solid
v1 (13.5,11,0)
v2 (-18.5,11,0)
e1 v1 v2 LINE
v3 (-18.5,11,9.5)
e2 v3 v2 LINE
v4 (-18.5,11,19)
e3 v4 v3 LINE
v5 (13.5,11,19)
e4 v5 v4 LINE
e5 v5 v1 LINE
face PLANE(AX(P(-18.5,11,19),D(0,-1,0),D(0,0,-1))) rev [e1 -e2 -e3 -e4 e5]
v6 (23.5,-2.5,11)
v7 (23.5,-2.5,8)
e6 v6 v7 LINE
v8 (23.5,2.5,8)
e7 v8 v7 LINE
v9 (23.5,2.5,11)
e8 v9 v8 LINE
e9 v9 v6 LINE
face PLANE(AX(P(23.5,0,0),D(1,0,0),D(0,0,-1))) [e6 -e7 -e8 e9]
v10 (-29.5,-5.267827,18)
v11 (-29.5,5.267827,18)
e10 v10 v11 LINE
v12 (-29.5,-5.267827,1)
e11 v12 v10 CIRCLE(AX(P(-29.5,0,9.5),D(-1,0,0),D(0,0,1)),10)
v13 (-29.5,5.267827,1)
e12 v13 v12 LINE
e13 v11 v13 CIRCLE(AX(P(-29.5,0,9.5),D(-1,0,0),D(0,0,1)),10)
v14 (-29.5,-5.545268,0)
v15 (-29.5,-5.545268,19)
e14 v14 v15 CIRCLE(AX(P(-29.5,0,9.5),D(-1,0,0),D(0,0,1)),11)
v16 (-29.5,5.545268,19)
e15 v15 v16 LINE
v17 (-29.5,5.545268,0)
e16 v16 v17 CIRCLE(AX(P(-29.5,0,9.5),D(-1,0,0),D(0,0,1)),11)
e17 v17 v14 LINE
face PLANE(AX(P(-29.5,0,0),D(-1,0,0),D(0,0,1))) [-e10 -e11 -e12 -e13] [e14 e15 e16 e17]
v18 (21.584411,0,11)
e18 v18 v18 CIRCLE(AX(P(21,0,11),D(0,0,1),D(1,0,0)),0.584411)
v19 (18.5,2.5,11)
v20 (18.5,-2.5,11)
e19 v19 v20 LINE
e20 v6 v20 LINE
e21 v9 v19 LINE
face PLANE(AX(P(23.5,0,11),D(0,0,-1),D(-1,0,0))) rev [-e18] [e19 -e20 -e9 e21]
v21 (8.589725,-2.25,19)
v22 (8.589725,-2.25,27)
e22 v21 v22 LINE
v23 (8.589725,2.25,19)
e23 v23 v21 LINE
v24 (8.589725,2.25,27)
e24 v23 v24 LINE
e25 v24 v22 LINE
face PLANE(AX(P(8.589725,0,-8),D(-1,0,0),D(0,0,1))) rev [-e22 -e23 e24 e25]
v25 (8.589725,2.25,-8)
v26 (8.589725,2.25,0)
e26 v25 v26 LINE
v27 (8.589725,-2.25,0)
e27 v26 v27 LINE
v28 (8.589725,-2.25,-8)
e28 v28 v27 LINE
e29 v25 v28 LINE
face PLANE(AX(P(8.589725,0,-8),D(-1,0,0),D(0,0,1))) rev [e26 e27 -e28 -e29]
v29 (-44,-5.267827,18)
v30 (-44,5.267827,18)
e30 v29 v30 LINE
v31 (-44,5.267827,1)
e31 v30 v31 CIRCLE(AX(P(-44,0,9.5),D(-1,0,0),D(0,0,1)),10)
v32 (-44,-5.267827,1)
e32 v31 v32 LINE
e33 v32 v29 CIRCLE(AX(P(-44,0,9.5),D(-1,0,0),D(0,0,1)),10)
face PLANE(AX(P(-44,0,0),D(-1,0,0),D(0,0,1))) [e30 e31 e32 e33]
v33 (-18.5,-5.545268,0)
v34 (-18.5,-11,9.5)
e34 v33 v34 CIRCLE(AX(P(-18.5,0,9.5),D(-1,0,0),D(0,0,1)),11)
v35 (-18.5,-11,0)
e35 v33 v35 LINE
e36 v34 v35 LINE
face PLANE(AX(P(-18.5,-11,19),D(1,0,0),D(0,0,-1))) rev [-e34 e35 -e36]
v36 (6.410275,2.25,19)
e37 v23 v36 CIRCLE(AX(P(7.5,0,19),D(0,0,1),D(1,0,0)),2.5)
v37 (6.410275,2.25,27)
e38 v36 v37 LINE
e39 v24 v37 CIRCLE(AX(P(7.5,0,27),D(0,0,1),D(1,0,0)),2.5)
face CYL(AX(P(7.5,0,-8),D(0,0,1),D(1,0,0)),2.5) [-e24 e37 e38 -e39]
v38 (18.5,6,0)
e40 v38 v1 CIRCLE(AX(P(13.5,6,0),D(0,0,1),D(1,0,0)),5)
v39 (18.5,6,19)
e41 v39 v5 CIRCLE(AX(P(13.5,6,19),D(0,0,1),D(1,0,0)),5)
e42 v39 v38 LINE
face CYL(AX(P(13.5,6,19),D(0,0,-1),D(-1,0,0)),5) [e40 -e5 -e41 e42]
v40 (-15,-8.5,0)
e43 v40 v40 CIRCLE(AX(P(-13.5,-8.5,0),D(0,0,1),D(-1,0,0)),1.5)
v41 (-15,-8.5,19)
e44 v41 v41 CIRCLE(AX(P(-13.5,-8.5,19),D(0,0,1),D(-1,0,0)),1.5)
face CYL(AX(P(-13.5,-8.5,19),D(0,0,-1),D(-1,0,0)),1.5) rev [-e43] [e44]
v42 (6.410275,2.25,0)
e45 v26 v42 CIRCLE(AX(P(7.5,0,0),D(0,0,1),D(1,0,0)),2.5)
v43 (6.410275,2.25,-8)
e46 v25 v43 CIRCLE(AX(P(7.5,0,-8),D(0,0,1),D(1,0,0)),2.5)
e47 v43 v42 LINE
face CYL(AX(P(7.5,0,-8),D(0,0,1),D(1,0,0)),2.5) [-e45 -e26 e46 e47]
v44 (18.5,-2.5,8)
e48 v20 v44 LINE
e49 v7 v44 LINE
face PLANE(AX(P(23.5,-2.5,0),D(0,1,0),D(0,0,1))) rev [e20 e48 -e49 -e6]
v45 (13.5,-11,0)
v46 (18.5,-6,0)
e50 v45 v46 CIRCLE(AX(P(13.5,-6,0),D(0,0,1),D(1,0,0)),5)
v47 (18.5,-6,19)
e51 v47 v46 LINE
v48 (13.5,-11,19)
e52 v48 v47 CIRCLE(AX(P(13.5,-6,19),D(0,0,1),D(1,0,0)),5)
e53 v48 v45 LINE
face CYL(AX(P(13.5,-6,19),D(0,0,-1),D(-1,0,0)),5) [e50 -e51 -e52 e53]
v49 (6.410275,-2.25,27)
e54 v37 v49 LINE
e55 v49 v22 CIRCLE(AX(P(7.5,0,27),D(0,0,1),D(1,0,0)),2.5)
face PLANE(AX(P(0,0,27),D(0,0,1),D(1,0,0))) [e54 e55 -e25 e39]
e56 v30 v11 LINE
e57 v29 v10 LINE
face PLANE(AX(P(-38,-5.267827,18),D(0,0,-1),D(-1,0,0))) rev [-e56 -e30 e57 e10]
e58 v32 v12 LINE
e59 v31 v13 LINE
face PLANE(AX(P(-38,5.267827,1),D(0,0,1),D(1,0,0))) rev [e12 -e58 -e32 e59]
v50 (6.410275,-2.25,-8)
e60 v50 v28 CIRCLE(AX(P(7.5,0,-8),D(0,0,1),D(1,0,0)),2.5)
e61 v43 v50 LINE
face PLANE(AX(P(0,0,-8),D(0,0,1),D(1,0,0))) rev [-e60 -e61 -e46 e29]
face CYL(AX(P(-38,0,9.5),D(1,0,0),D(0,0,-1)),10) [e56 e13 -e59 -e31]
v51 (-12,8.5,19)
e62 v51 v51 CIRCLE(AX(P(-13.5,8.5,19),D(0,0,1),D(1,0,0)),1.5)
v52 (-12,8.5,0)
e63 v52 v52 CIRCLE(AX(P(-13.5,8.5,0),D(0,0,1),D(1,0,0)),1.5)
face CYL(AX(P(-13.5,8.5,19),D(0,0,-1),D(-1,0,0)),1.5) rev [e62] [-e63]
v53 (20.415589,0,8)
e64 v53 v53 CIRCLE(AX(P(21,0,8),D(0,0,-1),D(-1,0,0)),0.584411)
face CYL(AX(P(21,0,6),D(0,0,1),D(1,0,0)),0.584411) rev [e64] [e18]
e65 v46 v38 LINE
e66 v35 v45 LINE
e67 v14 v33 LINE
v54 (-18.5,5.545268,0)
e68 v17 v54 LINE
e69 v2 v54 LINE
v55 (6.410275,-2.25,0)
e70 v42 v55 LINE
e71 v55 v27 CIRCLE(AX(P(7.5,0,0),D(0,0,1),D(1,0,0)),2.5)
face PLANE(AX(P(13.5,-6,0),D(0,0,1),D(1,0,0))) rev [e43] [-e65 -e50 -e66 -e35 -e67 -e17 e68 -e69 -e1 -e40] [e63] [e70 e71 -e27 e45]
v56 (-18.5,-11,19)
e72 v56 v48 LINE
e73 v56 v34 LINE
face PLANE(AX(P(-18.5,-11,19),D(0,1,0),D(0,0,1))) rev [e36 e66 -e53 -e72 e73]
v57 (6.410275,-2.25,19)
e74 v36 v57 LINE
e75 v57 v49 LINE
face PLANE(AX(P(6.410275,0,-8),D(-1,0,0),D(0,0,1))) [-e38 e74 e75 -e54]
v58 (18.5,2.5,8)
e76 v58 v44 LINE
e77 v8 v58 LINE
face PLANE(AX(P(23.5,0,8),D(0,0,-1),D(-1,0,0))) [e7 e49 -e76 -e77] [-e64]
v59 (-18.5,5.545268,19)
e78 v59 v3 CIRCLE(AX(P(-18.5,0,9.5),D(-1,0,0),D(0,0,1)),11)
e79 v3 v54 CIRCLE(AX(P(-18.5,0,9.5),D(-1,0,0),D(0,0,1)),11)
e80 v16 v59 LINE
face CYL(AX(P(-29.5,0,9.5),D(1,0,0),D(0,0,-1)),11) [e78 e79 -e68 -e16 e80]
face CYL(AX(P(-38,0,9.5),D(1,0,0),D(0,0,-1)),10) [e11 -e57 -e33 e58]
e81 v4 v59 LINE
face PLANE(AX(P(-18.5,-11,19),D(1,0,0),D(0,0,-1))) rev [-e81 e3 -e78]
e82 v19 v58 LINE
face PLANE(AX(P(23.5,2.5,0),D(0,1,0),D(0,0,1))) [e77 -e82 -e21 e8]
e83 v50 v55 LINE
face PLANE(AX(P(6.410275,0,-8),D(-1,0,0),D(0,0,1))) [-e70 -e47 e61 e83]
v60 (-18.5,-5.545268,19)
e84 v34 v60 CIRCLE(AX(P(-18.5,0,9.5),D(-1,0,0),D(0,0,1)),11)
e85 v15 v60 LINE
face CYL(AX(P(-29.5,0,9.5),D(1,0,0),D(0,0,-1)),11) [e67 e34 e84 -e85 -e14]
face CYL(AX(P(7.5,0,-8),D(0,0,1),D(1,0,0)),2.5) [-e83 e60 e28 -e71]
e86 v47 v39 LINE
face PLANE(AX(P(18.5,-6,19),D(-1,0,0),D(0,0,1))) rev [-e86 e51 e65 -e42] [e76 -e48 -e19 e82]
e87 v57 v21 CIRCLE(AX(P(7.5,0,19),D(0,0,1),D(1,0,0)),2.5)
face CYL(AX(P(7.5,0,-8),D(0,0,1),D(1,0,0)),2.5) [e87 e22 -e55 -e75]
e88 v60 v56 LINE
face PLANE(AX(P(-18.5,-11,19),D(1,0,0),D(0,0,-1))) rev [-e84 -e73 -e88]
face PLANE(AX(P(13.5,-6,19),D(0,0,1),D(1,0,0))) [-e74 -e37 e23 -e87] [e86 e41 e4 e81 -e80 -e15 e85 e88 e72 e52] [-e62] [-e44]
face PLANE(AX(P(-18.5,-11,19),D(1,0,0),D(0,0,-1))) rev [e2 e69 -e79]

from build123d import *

# Parameters (mm, degrees)
SKETCH1_R                = 1.5
BOSS_EXTRUDE1_DEPTH      = 19
SKETCH2_W                = 3
SKETCH2_H                = 5
BOSS_EXTRUDE2_DEPTH      = 5
SKETCH3_R                = 0.584411026
CUT_EXTRUDE1_DEPTH       = 5
BOSS_EXTRUDE3_DEPTH      = 8
BOSS_EXTRUDE3_DEPTH_BACK = 27
BOSS_EXTRUDE4_DEPTH      = 11
BOSS_EXTRUDE5_DEPTH      = 8.5
BOSS_EXTRUDE6_DEPTH      = 6


with BuildPart() as part:
    # Sketch1 → Boss-Extrude1 (new body)
    with BuildSketch(Plane.XY):
        with BuildLine():
            Line((-18.5, -11), (13.5, -11))
            ThreePointArc((13.5, -11), (17.035533906, -9.535533906), (18.5, -6))
            Line((18.5, -6), (18.5, 6))
            ThreePointArc((18.5, 6), (17.035533906, 9.535533906), (13.5, 11))
            Line((13.5, 11), (-18.5, 11))
            Line((-18.5, 11), (-18.5, -11))
        make_face()
        with Locations((-13.5, 8.5)):
            Circle(SKETCH1_R, mode=Mode.SUBTRACT)
        with Locations((-13.5, -8.5)):
            Circle(SKETCH1_R, mode=Mode.SUBTRACT)
    extrude(amount=BOSS_EXTRUDE1_DEPTH)

    # Sketch2 → Boss-Extrude2 (add)
    with BuildSketch(Plane(origin=(18.5, 0, 0), x_dir=(0, 0, -1), z_dir=(1, 0, 0))):
        with Locations((-9.5, 0)):
            Rectangle(SKETCH2_W, SKETCH2_H)
    extrude(amount=BOSS_EXTRUDE2_DEPTH)

    # Sketch3 → Cut-Extrude1 (cut)
    with BuildSketch(Plane.XY.offset(11)):
        with Locations((21, 0)):
            Circle(SKETCH3_R)
    extrude(amount=-CUT_EXTRUDE1_DEPTH, mode=Mode.SUBTRACT)

    # Sketch4 → Boss-Extrude3 (add, two sides)
    with BuildSketch(Plane.XY.offset(19)) as boss_extrude3_sk:
        with BuildLine():
            Line((8.589724736, 2.25), (8.589724736, -2.25))
            ThreePointArc((8.589724736, -2.25), (7.5, -2.5), (6.410275264, -2.25))
            Line((6.410275264, -2.25), (6.410275264, 2.25))
            ThreePointArc((6.410275264, 2.25), (7.5, 2.5), (8.589724736, 2.25))
        make_face()
    extrude(amount=BOSS_EXTRUDE3_DEPTH)
    extrude(boss_extrude3_sk.sketch, amount=-BOSS_EXTRUDE3_DEPTH_BACK)

    # Sketch5 → Boss-Extrude4 (add)
    with BuildSketch(Plane.ZY.offset(18.5)):
        with BuildLine():
            ThreePointArc((9.500000028, 11), (4.022680904, 9.539338317), (0, 5.545268253))
            Line((0, 5.545268253), (0, -5.545268253))
            ThreePointArc((0, -5.545268253), (4.022680873, -9.539338299), (9.499999955, -11))
            ThreePointArc((9.499999955, -11), (14.977319088, -9.539338321), (19, -5.545268253))
            Line((19, -5.545268253), (19, 5.545268253))
            ThreePointArc((19, 5.545268253), (14.97731912, 9.539338303), (9.500000028, 11))
        make_face()
    extrude(amount=BOSS_EXTRUDE4_DEPTH)

    # Sketch6 → Boss-Extrude5 (add)
    with BuildSketch(Plane.ZY.offset(29.5)):
        with BuildLine():
            Line((1, 5.267826876), (1, -5.267826876))
            ThreePointArc((1, -5.267826876), (9.5, -10), (18, -5.267826876))
            Line((18, -5.267826876), (18, 5.267826876))
            ThreePointArc((18, 5.267826876), (9.5, 10), (1, 5.267826876))
        make_face()
    extrude(amount=BOSS_EXTRUDE5_DEPTH)

    # Sketch7 → Boss-Extrude6 (add)
    with BuildSketch(Plane.ZY.offset(38)):
        with BuildLine():
            ThreePointArc((1, -5.267826876), (9.5, -10), (18, -5.267826876))
            Line((18, -5.267826876), (18, 5.267826876))
            ThreePointArc((18, 5.267826876), (9.5, 10), (1, 5.267826876))
            Line((1, 5.267826876), (1, -5.267826876))
        make_face()
    extrude(amount=BOSS_EXTRUDE6_DEPTH)


solid = part.part
